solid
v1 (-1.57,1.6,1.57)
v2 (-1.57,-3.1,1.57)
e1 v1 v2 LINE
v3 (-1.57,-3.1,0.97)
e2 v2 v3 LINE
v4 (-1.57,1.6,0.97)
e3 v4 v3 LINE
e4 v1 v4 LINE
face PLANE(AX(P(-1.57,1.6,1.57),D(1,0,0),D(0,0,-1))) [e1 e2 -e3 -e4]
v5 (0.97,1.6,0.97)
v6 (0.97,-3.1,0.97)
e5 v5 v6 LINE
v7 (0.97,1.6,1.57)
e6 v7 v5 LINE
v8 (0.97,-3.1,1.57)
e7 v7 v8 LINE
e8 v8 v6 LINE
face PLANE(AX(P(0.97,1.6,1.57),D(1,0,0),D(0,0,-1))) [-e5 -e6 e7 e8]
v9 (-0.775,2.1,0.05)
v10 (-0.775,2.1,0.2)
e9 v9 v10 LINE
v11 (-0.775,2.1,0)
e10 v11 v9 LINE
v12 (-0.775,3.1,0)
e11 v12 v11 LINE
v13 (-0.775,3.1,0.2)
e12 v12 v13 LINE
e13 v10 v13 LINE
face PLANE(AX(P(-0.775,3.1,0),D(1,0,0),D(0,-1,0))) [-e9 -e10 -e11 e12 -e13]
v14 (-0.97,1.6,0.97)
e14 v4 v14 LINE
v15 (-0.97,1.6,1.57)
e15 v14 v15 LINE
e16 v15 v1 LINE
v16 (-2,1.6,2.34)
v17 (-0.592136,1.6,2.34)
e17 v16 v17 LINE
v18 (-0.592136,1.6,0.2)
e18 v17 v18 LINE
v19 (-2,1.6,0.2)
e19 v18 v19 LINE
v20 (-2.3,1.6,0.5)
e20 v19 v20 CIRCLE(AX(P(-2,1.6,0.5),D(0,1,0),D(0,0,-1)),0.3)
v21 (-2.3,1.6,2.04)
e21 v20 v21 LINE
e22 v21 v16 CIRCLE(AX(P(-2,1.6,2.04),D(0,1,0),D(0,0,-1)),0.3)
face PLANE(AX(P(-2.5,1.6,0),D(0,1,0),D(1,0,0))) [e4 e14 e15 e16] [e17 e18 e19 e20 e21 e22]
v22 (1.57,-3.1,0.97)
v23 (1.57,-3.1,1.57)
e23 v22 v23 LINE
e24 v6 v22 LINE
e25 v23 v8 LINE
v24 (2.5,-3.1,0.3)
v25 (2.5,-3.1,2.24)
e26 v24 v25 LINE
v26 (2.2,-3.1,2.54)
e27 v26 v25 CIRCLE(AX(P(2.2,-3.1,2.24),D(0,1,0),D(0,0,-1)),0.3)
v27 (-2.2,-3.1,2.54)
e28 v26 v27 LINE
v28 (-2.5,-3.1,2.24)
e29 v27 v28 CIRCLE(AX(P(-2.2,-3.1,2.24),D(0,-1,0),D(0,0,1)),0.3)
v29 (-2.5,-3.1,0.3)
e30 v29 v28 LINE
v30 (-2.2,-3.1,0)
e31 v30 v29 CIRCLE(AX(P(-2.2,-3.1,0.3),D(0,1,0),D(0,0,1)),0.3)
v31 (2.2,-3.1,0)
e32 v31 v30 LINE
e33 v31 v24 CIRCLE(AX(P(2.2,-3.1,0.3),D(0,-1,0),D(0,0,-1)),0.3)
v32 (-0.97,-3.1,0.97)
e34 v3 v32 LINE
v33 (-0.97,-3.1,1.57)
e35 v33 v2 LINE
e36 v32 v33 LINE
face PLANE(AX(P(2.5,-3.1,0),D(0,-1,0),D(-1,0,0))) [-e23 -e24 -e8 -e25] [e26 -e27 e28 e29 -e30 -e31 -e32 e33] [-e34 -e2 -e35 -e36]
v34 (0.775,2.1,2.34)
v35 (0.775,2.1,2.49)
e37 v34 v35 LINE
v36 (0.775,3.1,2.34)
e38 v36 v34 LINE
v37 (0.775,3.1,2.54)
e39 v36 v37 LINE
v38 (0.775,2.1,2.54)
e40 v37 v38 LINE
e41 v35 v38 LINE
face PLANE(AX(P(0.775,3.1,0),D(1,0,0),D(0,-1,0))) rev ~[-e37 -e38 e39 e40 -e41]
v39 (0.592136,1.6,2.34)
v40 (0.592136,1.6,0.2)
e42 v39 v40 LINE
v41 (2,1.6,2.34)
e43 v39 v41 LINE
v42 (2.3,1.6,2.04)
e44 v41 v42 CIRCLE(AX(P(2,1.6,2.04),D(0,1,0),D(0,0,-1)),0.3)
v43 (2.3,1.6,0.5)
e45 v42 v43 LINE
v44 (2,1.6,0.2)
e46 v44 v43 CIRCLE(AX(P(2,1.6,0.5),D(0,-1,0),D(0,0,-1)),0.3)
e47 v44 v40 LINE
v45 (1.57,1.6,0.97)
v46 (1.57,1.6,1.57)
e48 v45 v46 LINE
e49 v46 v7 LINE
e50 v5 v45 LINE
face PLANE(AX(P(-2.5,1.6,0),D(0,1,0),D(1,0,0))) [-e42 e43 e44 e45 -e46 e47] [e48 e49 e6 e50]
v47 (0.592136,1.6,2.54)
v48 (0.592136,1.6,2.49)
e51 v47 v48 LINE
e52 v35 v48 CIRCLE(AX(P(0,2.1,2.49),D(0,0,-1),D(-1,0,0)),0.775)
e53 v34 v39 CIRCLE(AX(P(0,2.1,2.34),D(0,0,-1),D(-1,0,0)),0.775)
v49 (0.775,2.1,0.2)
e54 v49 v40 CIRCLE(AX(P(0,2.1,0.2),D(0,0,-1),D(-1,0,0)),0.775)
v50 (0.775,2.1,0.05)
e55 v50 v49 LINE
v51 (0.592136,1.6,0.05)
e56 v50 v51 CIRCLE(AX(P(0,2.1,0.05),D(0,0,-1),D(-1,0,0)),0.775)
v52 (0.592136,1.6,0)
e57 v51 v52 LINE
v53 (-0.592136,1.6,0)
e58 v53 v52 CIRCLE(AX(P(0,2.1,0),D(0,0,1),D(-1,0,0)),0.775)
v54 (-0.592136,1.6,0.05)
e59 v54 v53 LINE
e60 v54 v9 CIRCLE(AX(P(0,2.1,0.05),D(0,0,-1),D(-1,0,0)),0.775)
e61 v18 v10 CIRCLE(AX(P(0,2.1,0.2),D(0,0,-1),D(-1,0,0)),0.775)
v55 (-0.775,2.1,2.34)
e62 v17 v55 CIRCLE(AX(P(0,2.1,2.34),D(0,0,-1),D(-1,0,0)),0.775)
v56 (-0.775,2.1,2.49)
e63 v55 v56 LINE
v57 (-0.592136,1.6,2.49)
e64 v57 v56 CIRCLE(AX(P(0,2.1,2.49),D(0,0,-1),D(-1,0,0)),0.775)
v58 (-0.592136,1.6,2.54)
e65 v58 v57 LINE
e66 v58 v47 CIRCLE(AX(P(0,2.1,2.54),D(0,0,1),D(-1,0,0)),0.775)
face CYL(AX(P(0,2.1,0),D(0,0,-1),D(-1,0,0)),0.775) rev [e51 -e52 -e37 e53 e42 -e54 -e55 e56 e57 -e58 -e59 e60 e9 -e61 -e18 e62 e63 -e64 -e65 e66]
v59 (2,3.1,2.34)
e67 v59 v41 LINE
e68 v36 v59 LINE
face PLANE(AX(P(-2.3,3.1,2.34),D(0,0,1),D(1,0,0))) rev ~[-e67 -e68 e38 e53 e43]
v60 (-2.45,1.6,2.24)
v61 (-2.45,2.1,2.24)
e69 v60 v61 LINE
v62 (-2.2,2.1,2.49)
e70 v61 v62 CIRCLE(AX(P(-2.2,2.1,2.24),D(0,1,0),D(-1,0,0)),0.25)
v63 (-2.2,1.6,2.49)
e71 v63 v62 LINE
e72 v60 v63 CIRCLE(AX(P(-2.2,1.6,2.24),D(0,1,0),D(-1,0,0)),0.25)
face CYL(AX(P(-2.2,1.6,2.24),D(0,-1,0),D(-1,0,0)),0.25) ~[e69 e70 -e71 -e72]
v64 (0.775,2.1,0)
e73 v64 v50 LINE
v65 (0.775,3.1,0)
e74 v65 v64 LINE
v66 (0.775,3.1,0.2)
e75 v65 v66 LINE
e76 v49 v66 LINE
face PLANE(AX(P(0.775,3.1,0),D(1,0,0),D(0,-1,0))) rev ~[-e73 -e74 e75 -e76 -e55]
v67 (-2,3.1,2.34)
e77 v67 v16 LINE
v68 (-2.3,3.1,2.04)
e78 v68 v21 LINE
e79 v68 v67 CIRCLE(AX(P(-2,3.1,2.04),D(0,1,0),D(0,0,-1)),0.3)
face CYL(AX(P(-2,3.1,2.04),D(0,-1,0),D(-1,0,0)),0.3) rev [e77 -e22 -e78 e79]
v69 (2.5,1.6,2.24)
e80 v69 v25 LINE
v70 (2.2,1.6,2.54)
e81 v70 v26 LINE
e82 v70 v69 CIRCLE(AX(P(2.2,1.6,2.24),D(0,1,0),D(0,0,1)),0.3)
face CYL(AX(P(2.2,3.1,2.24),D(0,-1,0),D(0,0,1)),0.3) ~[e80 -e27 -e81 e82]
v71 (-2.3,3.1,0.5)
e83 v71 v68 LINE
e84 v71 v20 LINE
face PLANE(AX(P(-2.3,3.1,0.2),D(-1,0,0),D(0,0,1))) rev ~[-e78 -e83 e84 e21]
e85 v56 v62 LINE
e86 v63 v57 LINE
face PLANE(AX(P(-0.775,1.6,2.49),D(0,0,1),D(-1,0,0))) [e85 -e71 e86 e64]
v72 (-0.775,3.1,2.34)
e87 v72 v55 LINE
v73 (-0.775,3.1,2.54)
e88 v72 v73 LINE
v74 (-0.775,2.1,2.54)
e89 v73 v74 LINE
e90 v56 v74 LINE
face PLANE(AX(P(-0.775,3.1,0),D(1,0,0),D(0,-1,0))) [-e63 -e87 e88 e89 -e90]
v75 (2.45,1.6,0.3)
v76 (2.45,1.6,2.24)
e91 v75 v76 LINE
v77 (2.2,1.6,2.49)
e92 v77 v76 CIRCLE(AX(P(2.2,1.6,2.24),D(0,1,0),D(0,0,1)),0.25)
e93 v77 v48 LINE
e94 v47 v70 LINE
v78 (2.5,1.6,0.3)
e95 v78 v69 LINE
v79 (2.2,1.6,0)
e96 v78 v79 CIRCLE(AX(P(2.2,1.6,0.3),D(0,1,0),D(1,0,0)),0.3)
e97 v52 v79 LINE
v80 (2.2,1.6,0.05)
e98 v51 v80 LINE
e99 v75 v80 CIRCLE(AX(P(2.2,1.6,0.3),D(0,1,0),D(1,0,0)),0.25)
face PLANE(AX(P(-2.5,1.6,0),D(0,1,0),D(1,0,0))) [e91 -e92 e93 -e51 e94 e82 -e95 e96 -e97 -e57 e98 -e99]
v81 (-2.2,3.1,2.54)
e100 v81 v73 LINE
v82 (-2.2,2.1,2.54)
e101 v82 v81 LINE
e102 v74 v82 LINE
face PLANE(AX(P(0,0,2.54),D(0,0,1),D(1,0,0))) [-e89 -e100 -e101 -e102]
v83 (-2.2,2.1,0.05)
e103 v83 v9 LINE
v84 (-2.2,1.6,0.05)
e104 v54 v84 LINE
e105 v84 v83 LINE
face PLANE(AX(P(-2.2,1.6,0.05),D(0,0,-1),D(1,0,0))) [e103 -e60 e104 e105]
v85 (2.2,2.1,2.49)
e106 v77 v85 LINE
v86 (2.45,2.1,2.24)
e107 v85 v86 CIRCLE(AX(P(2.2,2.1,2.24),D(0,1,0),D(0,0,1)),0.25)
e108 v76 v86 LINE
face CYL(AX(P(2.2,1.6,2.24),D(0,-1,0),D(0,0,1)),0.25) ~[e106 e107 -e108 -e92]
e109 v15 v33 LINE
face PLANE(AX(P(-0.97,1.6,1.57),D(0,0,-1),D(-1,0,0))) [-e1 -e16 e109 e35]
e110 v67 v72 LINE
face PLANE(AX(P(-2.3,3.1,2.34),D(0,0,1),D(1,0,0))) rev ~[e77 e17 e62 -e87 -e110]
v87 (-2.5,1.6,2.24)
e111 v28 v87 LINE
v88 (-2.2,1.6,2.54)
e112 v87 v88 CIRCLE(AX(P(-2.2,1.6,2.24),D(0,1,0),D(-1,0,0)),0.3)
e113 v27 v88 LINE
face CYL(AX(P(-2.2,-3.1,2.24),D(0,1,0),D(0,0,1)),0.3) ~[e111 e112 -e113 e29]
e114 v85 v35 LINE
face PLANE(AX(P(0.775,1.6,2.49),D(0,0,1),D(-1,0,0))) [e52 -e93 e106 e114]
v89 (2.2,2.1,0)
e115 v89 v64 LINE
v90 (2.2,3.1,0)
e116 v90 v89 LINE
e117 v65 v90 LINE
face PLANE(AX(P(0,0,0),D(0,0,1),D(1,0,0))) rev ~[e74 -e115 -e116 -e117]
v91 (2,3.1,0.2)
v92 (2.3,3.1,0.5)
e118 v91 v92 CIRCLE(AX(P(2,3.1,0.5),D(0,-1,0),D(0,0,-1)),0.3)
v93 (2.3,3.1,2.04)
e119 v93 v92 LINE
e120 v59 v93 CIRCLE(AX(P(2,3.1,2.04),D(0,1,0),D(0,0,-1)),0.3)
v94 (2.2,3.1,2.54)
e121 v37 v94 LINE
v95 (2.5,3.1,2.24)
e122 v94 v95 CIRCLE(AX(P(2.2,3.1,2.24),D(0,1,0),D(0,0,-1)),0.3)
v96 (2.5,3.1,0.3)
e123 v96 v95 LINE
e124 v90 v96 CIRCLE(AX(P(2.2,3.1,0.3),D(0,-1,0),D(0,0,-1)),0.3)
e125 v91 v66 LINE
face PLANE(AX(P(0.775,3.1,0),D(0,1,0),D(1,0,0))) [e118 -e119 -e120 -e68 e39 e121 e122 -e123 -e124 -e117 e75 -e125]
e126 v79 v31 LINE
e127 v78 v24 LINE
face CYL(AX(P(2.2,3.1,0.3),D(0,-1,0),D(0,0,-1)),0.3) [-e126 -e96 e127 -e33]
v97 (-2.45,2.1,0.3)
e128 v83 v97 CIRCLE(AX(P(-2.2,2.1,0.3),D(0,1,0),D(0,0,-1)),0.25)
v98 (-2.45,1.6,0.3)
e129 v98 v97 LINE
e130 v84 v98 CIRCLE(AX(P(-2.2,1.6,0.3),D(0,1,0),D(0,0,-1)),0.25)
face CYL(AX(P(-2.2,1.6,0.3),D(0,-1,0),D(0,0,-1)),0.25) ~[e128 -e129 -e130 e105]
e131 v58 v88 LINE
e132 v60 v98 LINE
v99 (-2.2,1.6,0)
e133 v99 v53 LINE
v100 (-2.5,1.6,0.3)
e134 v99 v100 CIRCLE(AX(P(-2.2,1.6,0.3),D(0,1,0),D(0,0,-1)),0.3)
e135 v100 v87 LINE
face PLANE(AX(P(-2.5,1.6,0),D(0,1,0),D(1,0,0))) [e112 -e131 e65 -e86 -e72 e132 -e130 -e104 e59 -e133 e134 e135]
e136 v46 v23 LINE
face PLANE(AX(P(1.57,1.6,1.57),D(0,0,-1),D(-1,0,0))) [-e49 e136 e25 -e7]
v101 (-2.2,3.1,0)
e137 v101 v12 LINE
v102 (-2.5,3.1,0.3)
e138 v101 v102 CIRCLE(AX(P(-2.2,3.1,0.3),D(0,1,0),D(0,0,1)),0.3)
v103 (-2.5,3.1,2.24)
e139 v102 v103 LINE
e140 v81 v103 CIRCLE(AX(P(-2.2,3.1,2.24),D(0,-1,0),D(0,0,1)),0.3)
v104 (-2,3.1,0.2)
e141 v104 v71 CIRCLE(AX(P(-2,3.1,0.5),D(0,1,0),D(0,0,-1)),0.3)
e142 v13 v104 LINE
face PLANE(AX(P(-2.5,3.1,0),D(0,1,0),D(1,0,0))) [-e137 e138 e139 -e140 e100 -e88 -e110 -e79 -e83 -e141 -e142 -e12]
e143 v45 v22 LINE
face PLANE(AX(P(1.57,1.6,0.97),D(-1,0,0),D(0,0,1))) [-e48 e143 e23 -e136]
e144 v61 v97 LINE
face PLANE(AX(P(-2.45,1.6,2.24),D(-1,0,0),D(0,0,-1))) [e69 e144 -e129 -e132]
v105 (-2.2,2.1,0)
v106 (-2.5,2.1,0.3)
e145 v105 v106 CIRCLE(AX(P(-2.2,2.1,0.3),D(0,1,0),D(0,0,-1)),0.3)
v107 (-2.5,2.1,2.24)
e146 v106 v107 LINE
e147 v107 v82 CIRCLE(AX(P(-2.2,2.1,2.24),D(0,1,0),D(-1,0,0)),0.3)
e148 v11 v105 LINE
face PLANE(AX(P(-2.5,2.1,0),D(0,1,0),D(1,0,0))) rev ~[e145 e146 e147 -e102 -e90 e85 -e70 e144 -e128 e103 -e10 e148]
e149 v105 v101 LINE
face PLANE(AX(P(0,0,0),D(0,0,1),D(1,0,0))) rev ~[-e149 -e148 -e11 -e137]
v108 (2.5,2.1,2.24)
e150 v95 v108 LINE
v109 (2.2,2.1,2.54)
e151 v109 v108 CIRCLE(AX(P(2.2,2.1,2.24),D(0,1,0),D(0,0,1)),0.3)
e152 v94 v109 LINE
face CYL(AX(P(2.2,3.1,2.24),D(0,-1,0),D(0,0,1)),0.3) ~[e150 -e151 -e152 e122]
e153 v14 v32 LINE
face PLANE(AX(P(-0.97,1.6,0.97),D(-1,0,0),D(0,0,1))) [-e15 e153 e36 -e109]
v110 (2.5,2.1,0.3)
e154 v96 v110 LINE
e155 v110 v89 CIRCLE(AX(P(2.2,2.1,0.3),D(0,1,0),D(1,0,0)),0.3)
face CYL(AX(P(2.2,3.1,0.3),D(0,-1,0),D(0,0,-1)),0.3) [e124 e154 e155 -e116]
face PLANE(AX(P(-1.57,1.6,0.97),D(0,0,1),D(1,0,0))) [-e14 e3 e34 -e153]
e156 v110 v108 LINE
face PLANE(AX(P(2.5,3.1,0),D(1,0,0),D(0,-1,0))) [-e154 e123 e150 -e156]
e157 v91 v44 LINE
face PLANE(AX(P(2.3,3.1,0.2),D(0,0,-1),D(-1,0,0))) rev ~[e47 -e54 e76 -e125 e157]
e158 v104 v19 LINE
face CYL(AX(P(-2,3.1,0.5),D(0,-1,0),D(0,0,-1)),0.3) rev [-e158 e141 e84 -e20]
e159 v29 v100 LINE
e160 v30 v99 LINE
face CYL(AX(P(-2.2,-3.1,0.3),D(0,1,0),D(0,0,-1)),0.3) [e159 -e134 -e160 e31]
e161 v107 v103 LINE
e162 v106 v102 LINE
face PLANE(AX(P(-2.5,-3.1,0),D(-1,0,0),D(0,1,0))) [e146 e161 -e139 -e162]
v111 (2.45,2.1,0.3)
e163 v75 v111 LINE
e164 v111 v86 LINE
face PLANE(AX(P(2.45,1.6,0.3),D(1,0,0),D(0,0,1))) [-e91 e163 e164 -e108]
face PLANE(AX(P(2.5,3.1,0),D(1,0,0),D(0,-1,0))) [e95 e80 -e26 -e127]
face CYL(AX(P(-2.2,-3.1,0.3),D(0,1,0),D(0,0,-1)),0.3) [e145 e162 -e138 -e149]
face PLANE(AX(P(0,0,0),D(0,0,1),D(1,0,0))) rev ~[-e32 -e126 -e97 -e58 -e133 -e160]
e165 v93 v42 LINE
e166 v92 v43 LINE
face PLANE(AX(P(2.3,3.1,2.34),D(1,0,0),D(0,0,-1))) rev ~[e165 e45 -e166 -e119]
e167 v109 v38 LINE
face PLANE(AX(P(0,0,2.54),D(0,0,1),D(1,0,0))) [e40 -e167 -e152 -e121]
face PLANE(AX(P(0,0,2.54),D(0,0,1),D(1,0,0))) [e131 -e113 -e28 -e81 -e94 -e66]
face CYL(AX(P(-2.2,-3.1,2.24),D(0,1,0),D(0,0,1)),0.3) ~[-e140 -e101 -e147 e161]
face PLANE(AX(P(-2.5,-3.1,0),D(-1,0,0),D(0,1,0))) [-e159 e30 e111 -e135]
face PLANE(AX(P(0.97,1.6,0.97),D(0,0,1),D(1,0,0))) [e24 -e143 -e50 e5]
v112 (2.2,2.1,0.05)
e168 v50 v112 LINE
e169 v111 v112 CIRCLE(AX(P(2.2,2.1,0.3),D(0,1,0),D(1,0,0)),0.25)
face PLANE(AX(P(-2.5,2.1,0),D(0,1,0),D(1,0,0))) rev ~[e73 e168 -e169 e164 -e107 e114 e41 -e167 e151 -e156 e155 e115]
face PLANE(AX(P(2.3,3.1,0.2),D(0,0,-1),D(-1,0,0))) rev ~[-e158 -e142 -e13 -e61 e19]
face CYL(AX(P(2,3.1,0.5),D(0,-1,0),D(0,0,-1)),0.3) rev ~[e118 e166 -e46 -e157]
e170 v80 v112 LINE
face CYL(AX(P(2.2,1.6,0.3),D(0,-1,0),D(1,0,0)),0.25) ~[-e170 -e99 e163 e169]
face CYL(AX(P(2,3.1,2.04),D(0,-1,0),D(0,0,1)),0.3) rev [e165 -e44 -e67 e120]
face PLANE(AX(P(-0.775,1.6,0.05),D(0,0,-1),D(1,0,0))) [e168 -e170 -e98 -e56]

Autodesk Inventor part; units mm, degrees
ref_plane "YZ Plane" through (0, 0, 0) normal (1, 0, 0) x (0, 1, 0)
ref_plane "XZ Plane" through (0, 0, 0) normal (0, 1, 0) x (-1, 0, 0)
ref_plane "XY Plane" through (0, 0, 0) normal (0, 0, 1) x (1, 0, 0)
sketch "Sketch1" plane through (0, 0, 0) normal (0, 0, 1) x (1, 0, 0)
  line L0 (-2.5, 3.1) -> (2.5, 3.1)
  line L1 (2.5, 3.1) -> (2.5, -3.1)
  line L2 (2.5, -3.1) -> (-2.5, -3.1)
  line L3 (-2.5, -3.1) -> (-2.5, 3.1)
  line L4 (-2.5, 3.1) -> (2.5, -3.1) construction
  line L5 (2.5, 3.1) -> (-2.5, -3.1) construction
  line L6 (-0.775, 3.1) -> (-0.775, 2.1)
  line L7 (0.775, 3.1) -> (0.775, 2.1)
  arc A0 (-0.775, 2.1) -> (0.775, 2.1) centre (0, 2.1) ccw
  point P0 (0, 0)
  point P1 (0, 3.1)
  dimension "d0" = 6.2
  dimension "d1" = 5
  dimension "d2" = 1
  dimension "d3" = 1
  dimension "d4" = 1.55
extrude "Extrusion1" add sketch "Sketch1" along normal blind 2.54 contours L0 L6 A0 L7 L1 L2 L3
sketch "Sketch2" plane through (-2.5, 3.1, 0) normal (0, 1, 0) x (1, 0, 0)
  line L0 (0.2, -2.34) -> (4.8, -2.34)
  line L1 (4.8, -2.34) -> (4.8, -0.2)
  line L2 (4.8, -0.2) -> (0.2, -0.2)
  line L3 (0.2, -0.2) -> (0.2, -2.34)
  line L4 (0.2, -2.34) -> (4.8, -0.2) construction
  line L5 (4.8, -2.34) -> (0.2, -0.2) construction
  line L6 (0, 0) -> (0, -2.54) projected
  line L7 (1.725, 0) -> (0, 0) projected
  point P0 (2.5, 0)
  point P1 (2.5, -1.27)
  point P2 (0, -1.27)
  point P3 (0.8625, 0)
  dimension "d7" = 0.2
  dimension "d8" = 0.2
extrude "Extrusion2" cut sketch "Sketch2" against normal blind 1.5
sketch "Sketch3" plane through (-2.5, 1.6, 0) normal (0, 1, 0) x (1, 0, 0)
  line L0 (0.93, -0.97) -> (1.53, -0.97)
  line L1 (1.53, -0.97) -> (1.53, -1.57)
  line L2 (1.53, -1.57) -> (0.93, -1.57)
  line L3 (0.93, -1.57) -> (0.93, -0.97)
  line L4 (0.93, -0.97) -> (1.53, -1.57) construction
  line L5 (1.53, -0.97) -> (0.93, -1.57) construction
  line L6 (3.47, -0.97) -> (4.07, -0.97)
  line L7 (4.07, -0.97) -> (4.07, -1.57)
  line L8 (4.07, -1.57) -> (3.47, -1.57)
  line L9 (3.47, -1.57) -> (3.47, -0.97)
  line L10 (3.47, -0.97) -> (4.07, -1.57) construction
  line L11 (4.07, -0.97) -> (3.47, -1.57) construction
  line L12 (5, 0) -> (5, -2.54) projected
  point P0 (2.5, 0)
  point P1 (1.23, -1.27)
  point P2 (3.77, -1.27)
  point P3 (5, -1.27)
  dimension "d11" = 0.6
  dimension "d12" = 0.6
  dimension "d13" = 0.6
  dimension "d14" = 0.6
  dimension "d15" = 2.54
  dimension "d16" = 1.27
extrude "Extrusion3" cut sketch "Sketch3" against normal up to surface (4.7 mm away)
fillet "Fillet1" radius 0.3 8 edges at (-2.5, 0, 2.54) (-2.5, 0, 0) (2.5, 0, 2.54) (2.5, 0, 0) (2.3, 2.35, 0.2) (2.3, 2.35, 2.34) (-2.3, 2.35, 0.2) (-2.3, 2.35, 2.34)
sketch "Sketch4" plane through (-2.5, 1.6, 0) normal (0, 1, 0) x (1, 0, 0)
  line L0 (1.725, 0) -> (0.3, 0) projected
  arc A0 (0.3, 0) -> (0, -0.3) centre (0.3, -0.3) ccw projected
  line L1 (0, -0.3) -> (0, -2.24) projected
  arc A1 (0, -2.24) -> (0.3, -2.54) centre (0.3, -2.24) ccw projected
  line L2 (1.725, -2.54) -> (0.3, -2.54) projected
  line L3 (3.275, -2.54) -> (1.725, -2.54) projected
  line L4 (4.7, -2.54) -> (3.275, -2.54) projected
  arc A2 (4.7, -2.54) -> (5, -2.24) centre (4.7, -2.24) ccw projected
  line L5 (5, -0.3) -> (5, -2.24) projected
  arc A3 (5, -0.3) -> (4.7, 0) centre (4.7, -0.3) ccw projected
  line L6 (4.7, 0) -> (3.275, 0) projected
  line L7 (3.275, 0) -> (1.725, 0) projected
  arc A4 (0.05, -2.24) -> (0.3, -2.49) centre (0.3, -2.24) ccw
  line L8 (0.05, -2.24) -> (0.05, -0.3)
  arc A5 (0.3, -0.05) -> (0.05, -0.3) centre (0.3, -0.3) ccw
  line L9 (0.3, -0.05) -> (1.725, -0.05)
  line L10 (1.725, -0.05) -> (3.275, -0.05)
  line L11 (3.275, -0.05) -> (4.7, -0.05)
  arc A6 (4.95, -0.3) -> (4.7, -0.05) centre (4.7, -0.3) ccw
  line L12 (4.95, -0.3) -> (4.95, -2.24)
  arc A7 (4.7, -2.49) -> (4.95, -2.24) centre (4.7, -2.24) ccw
  line L13 (4.7, -2.49) -> (3.275, -2.49)
  line L14 (3.275, -2.49) -> (1.725, -2.49)
  line L15 (1.725, -2.49) -> (0.3, -2.49)
  point P0 (2.5, 0)
  dimension "d20" = 0.05
extrude "Extrusion4" cut sketch "Sketch4" along normal blind 0.5
equation "\"d3\" = d2"
equation "\"d8\" = d7"
equation "\"d12\" = d11"
equation "\"d13\" = d11"
equation "\"d14\" = d11"
equation "\"d16\" = 0.5 * d15"
properties part number "Retrigger Resetting Jumper"
